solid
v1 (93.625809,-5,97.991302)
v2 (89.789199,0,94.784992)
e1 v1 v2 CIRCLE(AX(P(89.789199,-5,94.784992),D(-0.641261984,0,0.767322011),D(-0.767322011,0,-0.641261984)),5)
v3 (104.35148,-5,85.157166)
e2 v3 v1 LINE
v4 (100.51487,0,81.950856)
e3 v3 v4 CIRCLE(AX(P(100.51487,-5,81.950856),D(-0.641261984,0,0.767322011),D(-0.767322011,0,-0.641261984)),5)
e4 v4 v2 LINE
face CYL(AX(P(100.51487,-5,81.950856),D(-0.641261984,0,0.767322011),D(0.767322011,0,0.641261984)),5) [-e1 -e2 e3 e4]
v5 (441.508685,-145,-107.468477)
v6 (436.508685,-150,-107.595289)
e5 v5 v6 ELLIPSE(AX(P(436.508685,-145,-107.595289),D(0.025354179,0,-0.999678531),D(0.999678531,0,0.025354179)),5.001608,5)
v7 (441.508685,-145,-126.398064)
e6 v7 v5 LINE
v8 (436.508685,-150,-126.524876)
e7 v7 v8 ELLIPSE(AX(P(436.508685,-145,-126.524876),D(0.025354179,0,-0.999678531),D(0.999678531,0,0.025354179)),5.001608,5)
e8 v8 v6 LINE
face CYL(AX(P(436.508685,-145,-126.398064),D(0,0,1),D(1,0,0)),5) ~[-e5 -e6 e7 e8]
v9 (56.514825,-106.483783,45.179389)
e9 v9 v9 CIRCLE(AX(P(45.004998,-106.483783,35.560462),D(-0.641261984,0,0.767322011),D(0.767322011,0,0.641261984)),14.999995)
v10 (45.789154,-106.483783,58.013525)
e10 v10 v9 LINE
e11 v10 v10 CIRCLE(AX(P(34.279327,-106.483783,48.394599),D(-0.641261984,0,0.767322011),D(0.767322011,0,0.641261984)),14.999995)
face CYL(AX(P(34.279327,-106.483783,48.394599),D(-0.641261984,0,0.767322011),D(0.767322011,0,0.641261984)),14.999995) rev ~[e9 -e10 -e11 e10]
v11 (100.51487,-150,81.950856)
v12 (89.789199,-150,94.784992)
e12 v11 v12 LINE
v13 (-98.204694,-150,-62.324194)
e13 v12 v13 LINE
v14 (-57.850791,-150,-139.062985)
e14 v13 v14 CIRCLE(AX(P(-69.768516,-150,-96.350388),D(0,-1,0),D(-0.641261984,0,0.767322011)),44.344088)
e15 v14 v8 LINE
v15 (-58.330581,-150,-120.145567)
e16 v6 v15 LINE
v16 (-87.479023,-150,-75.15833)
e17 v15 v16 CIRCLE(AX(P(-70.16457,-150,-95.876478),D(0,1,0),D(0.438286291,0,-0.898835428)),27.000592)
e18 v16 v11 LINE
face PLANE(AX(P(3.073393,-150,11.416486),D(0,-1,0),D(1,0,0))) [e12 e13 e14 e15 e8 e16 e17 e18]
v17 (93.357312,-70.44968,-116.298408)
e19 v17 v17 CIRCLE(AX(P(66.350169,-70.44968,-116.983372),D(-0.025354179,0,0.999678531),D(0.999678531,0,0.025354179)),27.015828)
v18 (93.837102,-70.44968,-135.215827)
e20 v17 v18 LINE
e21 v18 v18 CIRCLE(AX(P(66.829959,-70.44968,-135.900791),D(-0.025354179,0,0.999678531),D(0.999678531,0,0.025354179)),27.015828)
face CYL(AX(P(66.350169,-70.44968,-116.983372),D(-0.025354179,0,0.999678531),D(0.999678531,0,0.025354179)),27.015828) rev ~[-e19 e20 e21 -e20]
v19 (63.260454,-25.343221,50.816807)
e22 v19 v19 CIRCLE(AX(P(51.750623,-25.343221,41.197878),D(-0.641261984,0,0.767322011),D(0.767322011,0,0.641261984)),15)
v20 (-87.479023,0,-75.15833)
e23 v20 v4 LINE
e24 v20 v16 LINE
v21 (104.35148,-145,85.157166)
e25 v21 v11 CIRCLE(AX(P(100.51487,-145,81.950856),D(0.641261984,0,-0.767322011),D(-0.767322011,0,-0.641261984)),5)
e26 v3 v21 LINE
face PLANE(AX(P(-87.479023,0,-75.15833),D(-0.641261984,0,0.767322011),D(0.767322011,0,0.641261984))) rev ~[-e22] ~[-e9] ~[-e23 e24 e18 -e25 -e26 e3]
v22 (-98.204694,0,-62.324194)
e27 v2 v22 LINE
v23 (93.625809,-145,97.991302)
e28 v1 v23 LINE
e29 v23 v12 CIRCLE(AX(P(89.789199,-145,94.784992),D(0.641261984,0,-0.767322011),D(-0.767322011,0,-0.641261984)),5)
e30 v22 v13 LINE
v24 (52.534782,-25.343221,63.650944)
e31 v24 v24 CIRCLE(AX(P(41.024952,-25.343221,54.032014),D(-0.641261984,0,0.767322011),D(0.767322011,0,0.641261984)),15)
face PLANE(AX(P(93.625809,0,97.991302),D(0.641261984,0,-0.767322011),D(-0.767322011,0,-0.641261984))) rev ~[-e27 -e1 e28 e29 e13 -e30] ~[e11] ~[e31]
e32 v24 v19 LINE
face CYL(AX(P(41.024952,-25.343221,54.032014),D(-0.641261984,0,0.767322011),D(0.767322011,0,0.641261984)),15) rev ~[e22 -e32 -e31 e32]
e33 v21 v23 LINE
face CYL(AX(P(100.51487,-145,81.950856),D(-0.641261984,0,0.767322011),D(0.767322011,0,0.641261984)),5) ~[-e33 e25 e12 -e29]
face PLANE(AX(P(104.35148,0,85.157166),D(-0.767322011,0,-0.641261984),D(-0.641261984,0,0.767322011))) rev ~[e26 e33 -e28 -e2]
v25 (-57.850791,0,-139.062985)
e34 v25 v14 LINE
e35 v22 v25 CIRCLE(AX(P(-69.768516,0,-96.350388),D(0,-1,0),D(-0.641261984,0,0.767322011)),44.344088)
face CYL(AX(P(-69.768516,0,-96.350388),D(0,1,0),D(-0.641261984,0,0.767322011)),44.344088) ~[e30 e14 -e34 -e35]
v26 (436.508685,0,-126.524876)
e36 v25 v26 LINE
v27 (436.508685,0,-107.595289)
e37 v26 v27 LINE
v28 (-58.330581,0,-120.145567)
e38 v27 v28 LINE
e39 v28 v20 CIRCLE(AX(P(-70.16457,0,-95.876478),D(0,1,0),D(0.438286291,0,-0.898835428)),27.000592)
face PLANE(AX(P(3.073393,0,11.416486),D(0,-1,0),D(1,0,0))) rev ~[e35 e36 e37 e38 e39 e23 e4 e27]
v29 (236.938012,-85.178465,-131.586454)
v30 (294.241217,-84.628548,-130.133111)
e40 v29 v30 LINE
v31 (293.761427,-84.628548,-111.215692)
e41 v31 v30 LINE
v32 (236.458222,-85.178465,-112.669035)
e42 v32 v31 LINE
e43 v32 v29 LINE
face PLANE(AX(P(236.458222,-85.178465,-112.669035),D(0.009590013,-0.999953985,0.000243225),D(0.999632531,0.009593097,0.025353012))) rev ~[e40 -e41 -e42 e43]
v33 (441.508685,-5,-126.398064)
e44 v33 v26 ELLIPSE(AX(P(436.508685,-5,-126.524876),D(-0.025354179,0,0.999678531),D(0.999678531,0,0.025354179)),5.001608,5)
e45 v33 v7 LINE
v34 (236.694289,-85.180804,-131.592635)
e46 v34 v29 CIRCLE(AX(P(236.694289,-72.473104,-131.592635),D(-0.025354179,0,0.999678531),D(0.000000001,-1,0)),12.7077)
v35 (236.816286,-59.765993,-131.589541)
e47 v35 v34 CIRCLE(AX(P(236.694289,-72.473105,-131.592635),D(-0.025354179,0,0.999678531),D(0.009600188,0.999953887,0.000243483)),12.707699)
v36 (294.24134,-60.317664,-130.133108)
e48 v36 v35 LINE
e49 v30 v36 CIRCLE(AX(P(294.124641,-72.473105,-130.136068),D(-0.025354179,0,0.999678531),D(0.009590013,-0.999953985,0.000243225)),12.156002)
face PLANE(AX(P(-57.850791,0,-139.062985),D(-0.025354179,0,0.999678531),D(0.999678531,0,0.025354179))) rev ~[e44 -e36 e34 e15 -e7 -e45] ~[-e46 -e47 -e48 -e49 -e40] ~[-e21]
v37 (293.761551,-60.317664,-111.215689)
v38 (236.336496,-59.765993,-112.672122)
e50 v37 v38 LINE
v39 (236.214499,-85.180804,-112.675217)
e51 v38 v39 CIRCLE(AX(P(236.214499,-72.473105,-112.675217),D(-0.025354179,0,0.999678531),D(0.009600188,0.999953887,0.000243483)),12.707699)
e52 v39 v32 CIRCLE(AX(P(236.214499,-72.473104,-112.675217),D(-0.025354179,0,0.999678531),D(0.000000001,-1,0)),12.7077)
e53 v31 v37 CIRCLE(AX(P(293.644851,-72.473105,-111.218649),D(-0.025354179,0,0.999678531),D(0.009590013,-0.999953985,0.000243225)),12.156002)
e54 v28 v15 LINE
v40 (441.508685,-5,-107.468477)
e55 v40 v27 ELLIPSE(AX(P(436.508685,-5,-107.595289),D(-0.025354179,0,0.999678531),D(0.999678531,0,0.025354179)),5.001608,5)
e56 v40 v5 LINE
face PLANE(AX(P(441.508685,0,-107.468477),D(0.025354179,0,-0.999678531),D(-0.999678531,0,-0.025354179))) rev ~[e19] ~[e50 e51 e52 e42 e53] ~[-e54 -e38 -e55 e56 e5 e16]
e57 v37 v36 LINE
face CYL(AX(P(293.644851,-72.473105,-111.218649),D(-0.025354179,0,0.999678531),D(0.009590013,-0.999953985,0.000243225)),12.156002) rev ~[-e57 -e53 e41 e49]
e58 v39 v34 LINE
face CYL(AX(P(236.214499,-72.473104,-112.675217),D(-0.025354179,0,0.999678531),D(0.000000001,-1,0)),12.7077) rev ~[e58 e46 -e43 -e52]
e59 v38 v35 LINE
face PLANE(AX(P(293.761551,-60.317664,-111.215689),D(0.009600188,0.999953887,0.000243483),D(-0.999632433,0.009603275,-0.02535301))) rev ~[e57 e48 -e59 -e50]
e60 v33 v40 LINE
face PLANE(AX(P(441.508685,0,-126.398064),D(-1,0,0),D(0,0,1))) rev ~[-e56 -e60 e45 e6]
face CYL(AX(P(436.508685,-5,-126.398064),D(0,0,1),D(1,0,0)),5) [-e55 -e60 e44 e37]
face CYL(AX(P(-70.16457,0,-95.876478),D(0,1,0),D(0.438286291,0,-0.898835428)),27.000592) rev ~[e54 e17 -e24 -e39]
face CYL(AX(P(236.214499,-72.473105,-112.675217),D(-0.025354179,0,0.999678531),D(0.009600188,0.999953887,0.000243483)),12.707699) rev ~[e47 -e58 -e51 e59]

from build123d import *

# Parameters (mm, degrees)
F1_DEPTH = 150
F2_R     = 5
F3_R     = 14.9999953218
F3_R_2   = 15
F4_DEPTH = 25
F5_R     = 27.0158280376
F6_DEPTH = 25


with BuildPart() as f1:
    # F0 (on Front) → F1 (new body)
    with BuildSketch(Plane.XZ):
        Polygon((93.6258085565, 97.991302244), (-98.2046941788, -62.3241936394), (-87.4790228189, -75.1583299641), (104.3514799163, 85.1571659193), align=None)
        with BuildLine():
            Line((-87.4790228189, -75.1583299641), (-98.2046941788, -62.3241936394))
            ThreePointArc((-98.2046941788, -62.3241936394), (-109.0167692981, -116.9894962958), (-57.8507907344, -139.0629853841))
            Line((-57.8507907344, -139.0629853841), (-58.3305805922, -120.1455667615))
            ThreePointArc((-58.3305805922, -120.1455667615), (-92.8244846189, -110.5584473591), (-87.4790228189, -75.1583299641))
        make_face()
        Polygon((-58.3305805922, -120.1455667615), (-57.8507907344, -139.0629853841), (441.5086849726, -126.3980644136), (441.5086849726, -107.4684772011), align=None)
    extrude(amount=F1_DEPTH)

    # F2
    f2_edges = [f1.edges().sort_by_distance(p)[0] for p in [
        (98.988644, -150, 91.574234),
        (98.988644, 0, 91.574234),
        (441.508685, -150, -116.933271),
        (441.508685, 0, -116.933271),
    ]]
    fillet(f2_edges, radius=F2_R)

    # F3 (on face) → F4 (cut)
    with BuildSketch(Plane(origin=(-9.7165371294, 0, 11.6266253123), x_dir=(0.7673220109, 0, 0.6412619835), z_dir=(-0.6412619835, 0, 0.7673220109))):
        with Locations((57.3368984643, -106.4837826855)):
            Circle(F3_R)
        with Locations((66.128025143, -25.343221313)):
            Circle(F3_R_2)
    extrude(amount=-F4_DEPTH, mode=Mode.SUBTRACT)

    # F5 (on face) → F6 (cut)
    with BuildSketch(Plane(origin=(3.0077160605, 0, -118.5898844978), x_dir=(0.9996785311, 0, 0.0253541791), z_dir=(-0.0253541791, 0, 0.9996785311))):
        with Locations((63.3628219366, -70.44968009)):
            Circle(F5_R)
        with BuildLine():
            Line((290.8473328755, -60.3176639156), (233.4038116923, -59.7659925333))
            ThreePointArc((233.4038116923, -59.7659925333), (220.5742240017, -72.4120867419), (233.2817761647, -85.180803869))
            Line((233.2817761647, -85.180803869), (233.5255773105, -85.1784649534))
            Line((233.5255773105, -85.1784649534), (290.8472091458, -84.6285476904))
            ThreePointArc((290.8472091458, -84.6285476904), (302.8865972816, -72.4731670769), (290.8473328755, -60.3176639156))
        make_face()
        with BuildLine():
            Line((233.5255773105, -85.1784649534), (233.2817761647, -85.180803869))
            ThreePointArc((233.2817761647, -85.180803869), (233.4036823471, -85.1802191266), (233.5255773105, -85.1784649534))
        make_face()
    extrude(amount=-F6_DEPTH, mode=Mode.SUBTRACT)


solid = f1.part
